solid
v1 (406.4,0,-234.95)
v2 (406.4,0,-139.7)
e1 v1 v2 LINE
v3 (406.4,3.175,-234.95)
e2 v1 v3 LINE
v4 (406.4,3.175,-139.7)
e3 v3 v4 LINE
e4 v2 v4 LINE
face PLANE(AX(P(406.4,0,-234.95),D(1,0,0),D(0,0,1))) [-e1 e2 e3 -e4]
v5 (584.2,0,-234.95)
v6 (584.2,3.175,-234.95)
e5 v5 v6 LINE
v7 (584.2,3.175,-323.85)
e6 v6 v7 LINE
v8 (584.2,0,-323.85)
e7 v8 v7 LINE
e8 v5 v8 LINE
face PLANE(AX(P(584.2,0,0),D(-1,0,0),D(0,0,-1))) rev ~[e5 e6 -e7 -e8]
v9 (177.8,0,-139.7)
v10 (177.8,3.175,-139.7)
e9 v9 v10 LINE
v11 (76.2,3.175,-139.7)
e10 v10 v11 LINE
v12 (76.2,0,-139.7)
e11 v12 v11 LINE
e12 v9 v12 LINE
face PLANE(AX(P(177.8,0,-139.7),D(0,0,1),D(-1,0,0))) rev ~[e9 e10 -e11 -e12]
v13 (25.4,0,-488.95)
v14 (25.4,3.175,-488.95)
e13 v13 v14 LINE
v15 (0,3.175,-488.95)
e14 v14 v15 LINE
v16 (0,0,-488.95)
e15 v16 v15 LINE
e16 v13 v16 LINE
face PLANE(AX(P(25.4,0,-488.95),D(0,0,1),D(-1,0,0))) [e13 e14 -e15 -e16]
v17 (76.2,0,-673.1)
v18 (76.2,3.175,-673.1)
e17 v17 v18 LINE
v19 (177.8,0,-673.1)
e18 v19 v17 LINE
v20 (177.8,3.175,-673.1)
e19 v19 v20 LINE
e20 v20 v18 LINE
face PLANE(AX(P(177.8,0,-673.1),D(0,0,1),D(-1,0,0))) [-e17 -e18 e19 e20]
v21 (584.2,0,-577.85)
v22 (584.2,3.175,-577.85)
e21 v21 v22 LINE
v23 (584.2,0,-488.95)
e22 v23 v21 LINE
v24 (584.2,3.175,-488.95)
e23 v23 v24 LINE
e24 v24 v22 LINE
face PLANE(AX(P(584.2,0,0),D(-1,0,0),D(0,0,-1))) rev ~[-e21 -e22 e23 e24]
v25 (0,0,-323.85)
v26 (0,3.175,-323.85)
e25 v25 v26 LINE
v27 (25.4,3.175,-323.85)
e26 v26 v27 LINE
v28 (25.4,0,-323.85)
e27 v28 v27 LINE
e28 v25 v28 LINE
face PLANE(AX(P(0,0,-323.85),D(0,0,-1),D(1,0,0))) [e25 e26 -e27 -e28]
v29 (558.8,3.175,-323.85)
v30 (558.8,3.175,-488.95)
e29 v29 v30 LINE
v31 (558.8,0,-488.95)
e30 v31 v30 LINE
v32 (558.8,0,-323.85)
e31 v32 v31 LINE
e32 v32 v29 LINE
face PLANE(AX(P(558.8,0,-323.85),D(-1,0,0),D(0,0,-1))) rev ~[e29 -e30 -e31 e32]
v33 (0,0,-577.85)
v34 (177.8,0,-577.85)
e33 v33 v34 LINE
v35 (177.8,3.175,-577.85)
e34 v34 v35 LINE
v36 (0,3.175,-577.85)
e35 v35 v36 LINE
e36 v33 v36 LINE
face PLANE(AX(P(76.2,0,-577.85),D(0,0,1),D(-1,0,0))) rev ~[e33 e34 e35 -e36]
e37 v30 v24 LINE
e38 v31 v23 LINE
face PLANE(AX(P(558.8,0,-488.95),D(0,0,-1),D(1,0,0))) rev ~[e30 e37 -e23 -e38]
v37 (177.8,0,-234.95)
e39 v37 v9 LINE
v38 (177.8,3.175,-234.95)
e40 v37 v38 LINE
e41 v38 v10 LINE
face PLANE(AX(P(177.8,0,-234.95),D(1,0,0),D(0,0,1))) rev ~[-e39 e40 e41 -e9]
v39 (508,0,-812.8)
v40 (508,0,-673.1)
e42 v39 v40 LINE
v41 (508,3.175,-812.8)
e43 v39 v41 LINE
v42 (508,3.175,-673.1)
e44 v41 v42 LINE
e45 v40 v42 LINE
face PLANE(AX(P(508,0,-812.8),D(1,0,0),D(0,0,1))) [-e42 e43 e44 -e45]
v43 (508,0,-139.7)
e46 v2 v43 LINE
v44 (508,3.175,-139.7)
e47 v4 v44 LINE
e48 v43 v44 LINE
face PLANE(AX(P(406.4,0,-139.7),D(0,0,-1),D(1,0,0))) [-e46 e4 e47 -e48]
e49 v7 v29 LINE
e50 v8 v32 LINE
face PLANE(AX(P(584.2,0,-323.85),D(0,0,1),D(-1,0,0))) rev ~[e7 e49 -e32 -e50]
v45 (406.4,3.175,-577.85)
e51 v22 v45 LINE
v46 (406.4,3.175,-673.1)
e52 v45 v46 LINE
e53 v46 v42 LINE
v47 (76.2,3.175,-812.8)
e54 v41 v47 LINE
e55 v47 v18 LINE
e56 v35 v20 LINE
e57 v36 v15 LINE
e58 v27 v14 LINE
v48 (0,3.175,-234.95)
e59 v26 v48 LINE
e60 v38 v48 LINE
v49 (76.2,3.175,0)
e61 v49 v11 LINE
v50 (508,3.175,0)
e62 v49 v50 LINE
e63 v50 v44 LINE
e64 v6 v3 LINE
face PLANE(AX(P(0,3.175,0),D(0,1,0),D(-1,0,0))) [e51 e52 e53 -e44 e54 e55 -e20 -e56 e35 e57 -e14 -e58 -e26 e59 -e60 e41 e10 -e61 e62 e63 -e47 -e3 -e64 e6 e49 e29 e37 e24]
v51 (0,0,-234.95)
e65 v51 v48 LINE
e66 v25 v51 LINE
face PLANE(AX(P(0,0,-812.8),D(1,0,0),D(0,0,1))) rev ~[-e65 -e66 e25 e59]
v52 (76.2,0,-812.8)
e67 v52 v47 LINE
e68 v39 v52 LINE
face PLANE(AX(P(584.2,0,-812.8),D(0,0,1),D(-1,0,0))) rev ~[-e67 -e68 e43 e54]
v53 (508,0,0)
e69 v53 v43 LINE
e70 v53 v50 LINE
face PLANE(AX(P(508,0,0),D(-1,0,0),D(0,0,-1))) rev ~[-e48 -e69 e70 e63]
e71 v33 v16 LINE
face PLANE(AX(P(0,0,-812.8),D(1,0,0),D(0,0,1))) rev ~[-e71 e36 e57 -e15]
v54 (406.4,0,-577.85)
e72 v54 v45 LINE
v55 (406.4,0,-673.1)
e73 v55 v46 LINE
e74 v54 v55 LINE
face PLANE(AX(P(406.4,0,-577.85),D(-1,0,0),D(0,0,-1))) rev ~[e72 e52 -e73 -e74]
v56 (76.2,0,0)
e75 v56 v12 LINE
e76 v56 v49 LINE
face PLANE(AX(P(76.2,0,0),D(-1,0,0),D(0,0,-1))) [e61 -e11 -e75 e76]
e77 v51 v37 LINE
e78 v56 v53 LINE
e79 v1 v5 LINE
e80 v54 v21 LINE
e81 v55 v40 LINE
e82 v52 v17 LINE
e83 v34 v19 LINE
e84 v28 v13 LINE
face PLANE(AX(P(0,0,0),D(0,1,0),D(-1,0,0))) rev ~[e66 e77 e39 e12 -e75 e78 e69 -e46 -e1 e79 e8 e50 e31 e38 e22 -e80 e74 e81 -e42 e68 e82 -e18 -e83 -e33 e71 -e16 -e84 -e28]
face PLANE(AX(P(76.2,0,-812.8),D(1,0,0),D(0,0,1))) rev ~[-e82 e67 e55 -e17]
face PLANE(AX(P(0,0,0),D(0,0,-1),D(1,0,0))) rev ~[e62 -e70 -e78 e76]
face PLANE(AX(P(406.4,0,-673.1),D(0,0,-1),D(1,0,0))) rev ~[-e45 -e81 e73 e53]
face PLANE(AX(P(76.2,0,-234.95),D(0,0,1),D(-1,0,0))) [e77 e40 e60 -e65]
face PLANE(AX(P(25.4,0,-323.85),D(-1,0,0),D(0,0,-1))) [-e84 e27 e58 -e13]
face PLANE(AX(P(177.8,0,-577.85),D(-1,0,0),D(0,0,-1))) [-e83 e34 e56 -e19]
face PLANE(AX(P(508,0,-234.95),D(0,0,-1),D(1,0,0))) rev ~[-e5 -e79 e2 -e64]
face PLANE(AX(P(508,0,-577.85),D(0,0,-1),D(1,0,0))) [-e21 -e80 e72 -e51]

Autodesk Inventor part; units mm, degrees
ref_plane "YZ Plane" through (0, 0, 0) normal (1, 0, 0) x (0, 1, 0)
ref_plane "XZ Plane" through (0, 0, 0) normal (0, 1, 0) x (-1, 0, 0)
ref_plane "XY Plane" through (0, 0, 0) normal (0, 0, 1) x (1, 0, 0)
sketch "Sketch1" plane through (0, 0, 0) normal (0, 1, 0) x (-1, 0, 0)
  line L0 (0, 0) -> (-584.2, 0)
  line L1 (-584.2, 0) -> (-584.2, -812.8)
  line L2 (-584.2, -812.8) -> (0, -812.8)
  line L3 (0, -812.8) -> (0, 0)
  dimension "d0" = 584.2
  dimension "d1" = 812.8
extrude "Extrusion1" add sketch "Sketch1" along normal blind 3.175
sketch "Sketch2" plane through (0, 0, 0) normal (0, -1, 0) x (1, 0, 0)
  line L0 (0, 0) -> (584.2, 0) projected
  line L1 (0, -812.8) -> (0, 0) projected
  line L2 (584.2, -812.8) -> (0, -812.8) projected
  line L3 (584.2, 0) -> (584.2, -812.8) projected
  line L4 (584.2, 0) -> (584.2, -812.8) projected
  line L5 (584.2, -323.85) -> (558.8, -323.85)
  line L6 (558.8, -323.85) -> (558.8, -488.95)
  line L7 (558.8, -488.95) -> (584.2, -488.95)
  line L8 (584.2, -488.95) -> (584.2, -323.85)
  line L9 (0, -812.8) -> (0, 0) projected
  line L10 (0, -323.85) -> (25.4, -323.85)
  line L11 (25.4, -323.85) -> (25.4, -488.95)
  line L12 (25.4, -488.95) -> (0, -488.95)
  line L13 (0, -488.95) -> (0, -323.85)
  line L14 (584.2, 0) -> (508, 0)
  line L15 (508, 0) -> (508, -234.95)
  line L16 (508, -234.95) -> (584.2, -234.95)
  line L17 (584.2, -234.95) -> (584.2, 0)
  line L18 (0, 0) -> (76.2, 0)
  line L19 (76.2, 0) -> (76.2, -234.95)
  line L20 (76.2, -234.95) -> (0, -234.95)
  line L21 (0, -234.95) -> (0, 0)
  line L22 (0, -812.8) -> (76.2, -812.8)
  line L23 (76.2, -812.8) -> (76.2, -577.85)
  line L24 (76.2, -577.85) -> (0, -577.85)
  line L25 (0, -577.85) -> (0, -812.8)
  line L26 (584.2, -812.8) -> (508, -812.8)
  line L27 (508, -812.8) -> (508, -577.85)
  line L28 (508, -577.85) -> (584.2, -577.85)
  line L29 (584.2, -577.85) -> (584.2, -812.8)
  line L30 (508, -234.95) -> (406.4, -234.95)
  line L31 (406.4, -234.95) -> (406.4, -139.7)
  line L32 (406.4, -139.7) -> (508, -139.7)
  line L33 (508, -139.7) -> (508, -234.95)
  line L34 (508, -577.85) -> (406.4, -577.85)
  line L35 (406.4, -577.85) -> (406.4, -673.1)
  line L36 (406.4, -673.1) -> (508, -673.1)
  line L37 (508, -673.1) -> (508, -577.85)
  line L38 (76.2, -577.85) -> (177.8, -577.85)
  line L39 (177.8, -577.85) -> (177.8, -673.1)
  line L40 (177.8, -673.1) -> (76.2, -673.1)
  line L41 (76.2, -673.1) -> (76.2, -577.85)
  line L42 (76.2, -234.95) -> (177.8, -234.95)
  line L43 (177.8, -234.95) -> (177.8, -139.7)
  line L44 (177.8, -139.7) -> (76.2, -139.7)
  line L45 (76.2, -139.7) -> (76.2, -234.95)
  dimension "d4" = 165.1
  dimension "d5" = 165.1
  dimension "d6" = 25.4
  dimension "d7" = 25.4
  dimension "d8" = 323.85
  dimension "d9" = 323.85
  dimension "d10" = 76.2
  dimension "d11" = 234.95
  dimension "d12" = 76.2
  dimension "d13" = 234.95
  dimension "d14" = 76.2
  dimension "d15" = 234.95
  dimension "d16" = 76.2
  dimension "d17" = 234.95
  dimension "d18" = 101.6
  dimension "d19" = 95.25
  dimension "d20" = 101.6
  dimension "d21" = 95.25
  dimension "d22" = 101.6
  dimension "d23" = 95.25
  dimension "d24" = 101.6
  dimension "d25" = 95.25
extrude "Extrusion2" cut sketch "Sketch2" against normal blind 3.175 contours L0 L19 L20 L1 | L0 L3 L16 L15 | L44 L43 L42 L19 | L10 L11 L12 L1 | L15 L30 L31 L32 | L24 L23 L2 L1 | L3 L7 L6 L5 | L38 L39 L40 L23 | L3 L2 L27 L28 | L27 L36 L35 L34
properties part number "polycarb base"
